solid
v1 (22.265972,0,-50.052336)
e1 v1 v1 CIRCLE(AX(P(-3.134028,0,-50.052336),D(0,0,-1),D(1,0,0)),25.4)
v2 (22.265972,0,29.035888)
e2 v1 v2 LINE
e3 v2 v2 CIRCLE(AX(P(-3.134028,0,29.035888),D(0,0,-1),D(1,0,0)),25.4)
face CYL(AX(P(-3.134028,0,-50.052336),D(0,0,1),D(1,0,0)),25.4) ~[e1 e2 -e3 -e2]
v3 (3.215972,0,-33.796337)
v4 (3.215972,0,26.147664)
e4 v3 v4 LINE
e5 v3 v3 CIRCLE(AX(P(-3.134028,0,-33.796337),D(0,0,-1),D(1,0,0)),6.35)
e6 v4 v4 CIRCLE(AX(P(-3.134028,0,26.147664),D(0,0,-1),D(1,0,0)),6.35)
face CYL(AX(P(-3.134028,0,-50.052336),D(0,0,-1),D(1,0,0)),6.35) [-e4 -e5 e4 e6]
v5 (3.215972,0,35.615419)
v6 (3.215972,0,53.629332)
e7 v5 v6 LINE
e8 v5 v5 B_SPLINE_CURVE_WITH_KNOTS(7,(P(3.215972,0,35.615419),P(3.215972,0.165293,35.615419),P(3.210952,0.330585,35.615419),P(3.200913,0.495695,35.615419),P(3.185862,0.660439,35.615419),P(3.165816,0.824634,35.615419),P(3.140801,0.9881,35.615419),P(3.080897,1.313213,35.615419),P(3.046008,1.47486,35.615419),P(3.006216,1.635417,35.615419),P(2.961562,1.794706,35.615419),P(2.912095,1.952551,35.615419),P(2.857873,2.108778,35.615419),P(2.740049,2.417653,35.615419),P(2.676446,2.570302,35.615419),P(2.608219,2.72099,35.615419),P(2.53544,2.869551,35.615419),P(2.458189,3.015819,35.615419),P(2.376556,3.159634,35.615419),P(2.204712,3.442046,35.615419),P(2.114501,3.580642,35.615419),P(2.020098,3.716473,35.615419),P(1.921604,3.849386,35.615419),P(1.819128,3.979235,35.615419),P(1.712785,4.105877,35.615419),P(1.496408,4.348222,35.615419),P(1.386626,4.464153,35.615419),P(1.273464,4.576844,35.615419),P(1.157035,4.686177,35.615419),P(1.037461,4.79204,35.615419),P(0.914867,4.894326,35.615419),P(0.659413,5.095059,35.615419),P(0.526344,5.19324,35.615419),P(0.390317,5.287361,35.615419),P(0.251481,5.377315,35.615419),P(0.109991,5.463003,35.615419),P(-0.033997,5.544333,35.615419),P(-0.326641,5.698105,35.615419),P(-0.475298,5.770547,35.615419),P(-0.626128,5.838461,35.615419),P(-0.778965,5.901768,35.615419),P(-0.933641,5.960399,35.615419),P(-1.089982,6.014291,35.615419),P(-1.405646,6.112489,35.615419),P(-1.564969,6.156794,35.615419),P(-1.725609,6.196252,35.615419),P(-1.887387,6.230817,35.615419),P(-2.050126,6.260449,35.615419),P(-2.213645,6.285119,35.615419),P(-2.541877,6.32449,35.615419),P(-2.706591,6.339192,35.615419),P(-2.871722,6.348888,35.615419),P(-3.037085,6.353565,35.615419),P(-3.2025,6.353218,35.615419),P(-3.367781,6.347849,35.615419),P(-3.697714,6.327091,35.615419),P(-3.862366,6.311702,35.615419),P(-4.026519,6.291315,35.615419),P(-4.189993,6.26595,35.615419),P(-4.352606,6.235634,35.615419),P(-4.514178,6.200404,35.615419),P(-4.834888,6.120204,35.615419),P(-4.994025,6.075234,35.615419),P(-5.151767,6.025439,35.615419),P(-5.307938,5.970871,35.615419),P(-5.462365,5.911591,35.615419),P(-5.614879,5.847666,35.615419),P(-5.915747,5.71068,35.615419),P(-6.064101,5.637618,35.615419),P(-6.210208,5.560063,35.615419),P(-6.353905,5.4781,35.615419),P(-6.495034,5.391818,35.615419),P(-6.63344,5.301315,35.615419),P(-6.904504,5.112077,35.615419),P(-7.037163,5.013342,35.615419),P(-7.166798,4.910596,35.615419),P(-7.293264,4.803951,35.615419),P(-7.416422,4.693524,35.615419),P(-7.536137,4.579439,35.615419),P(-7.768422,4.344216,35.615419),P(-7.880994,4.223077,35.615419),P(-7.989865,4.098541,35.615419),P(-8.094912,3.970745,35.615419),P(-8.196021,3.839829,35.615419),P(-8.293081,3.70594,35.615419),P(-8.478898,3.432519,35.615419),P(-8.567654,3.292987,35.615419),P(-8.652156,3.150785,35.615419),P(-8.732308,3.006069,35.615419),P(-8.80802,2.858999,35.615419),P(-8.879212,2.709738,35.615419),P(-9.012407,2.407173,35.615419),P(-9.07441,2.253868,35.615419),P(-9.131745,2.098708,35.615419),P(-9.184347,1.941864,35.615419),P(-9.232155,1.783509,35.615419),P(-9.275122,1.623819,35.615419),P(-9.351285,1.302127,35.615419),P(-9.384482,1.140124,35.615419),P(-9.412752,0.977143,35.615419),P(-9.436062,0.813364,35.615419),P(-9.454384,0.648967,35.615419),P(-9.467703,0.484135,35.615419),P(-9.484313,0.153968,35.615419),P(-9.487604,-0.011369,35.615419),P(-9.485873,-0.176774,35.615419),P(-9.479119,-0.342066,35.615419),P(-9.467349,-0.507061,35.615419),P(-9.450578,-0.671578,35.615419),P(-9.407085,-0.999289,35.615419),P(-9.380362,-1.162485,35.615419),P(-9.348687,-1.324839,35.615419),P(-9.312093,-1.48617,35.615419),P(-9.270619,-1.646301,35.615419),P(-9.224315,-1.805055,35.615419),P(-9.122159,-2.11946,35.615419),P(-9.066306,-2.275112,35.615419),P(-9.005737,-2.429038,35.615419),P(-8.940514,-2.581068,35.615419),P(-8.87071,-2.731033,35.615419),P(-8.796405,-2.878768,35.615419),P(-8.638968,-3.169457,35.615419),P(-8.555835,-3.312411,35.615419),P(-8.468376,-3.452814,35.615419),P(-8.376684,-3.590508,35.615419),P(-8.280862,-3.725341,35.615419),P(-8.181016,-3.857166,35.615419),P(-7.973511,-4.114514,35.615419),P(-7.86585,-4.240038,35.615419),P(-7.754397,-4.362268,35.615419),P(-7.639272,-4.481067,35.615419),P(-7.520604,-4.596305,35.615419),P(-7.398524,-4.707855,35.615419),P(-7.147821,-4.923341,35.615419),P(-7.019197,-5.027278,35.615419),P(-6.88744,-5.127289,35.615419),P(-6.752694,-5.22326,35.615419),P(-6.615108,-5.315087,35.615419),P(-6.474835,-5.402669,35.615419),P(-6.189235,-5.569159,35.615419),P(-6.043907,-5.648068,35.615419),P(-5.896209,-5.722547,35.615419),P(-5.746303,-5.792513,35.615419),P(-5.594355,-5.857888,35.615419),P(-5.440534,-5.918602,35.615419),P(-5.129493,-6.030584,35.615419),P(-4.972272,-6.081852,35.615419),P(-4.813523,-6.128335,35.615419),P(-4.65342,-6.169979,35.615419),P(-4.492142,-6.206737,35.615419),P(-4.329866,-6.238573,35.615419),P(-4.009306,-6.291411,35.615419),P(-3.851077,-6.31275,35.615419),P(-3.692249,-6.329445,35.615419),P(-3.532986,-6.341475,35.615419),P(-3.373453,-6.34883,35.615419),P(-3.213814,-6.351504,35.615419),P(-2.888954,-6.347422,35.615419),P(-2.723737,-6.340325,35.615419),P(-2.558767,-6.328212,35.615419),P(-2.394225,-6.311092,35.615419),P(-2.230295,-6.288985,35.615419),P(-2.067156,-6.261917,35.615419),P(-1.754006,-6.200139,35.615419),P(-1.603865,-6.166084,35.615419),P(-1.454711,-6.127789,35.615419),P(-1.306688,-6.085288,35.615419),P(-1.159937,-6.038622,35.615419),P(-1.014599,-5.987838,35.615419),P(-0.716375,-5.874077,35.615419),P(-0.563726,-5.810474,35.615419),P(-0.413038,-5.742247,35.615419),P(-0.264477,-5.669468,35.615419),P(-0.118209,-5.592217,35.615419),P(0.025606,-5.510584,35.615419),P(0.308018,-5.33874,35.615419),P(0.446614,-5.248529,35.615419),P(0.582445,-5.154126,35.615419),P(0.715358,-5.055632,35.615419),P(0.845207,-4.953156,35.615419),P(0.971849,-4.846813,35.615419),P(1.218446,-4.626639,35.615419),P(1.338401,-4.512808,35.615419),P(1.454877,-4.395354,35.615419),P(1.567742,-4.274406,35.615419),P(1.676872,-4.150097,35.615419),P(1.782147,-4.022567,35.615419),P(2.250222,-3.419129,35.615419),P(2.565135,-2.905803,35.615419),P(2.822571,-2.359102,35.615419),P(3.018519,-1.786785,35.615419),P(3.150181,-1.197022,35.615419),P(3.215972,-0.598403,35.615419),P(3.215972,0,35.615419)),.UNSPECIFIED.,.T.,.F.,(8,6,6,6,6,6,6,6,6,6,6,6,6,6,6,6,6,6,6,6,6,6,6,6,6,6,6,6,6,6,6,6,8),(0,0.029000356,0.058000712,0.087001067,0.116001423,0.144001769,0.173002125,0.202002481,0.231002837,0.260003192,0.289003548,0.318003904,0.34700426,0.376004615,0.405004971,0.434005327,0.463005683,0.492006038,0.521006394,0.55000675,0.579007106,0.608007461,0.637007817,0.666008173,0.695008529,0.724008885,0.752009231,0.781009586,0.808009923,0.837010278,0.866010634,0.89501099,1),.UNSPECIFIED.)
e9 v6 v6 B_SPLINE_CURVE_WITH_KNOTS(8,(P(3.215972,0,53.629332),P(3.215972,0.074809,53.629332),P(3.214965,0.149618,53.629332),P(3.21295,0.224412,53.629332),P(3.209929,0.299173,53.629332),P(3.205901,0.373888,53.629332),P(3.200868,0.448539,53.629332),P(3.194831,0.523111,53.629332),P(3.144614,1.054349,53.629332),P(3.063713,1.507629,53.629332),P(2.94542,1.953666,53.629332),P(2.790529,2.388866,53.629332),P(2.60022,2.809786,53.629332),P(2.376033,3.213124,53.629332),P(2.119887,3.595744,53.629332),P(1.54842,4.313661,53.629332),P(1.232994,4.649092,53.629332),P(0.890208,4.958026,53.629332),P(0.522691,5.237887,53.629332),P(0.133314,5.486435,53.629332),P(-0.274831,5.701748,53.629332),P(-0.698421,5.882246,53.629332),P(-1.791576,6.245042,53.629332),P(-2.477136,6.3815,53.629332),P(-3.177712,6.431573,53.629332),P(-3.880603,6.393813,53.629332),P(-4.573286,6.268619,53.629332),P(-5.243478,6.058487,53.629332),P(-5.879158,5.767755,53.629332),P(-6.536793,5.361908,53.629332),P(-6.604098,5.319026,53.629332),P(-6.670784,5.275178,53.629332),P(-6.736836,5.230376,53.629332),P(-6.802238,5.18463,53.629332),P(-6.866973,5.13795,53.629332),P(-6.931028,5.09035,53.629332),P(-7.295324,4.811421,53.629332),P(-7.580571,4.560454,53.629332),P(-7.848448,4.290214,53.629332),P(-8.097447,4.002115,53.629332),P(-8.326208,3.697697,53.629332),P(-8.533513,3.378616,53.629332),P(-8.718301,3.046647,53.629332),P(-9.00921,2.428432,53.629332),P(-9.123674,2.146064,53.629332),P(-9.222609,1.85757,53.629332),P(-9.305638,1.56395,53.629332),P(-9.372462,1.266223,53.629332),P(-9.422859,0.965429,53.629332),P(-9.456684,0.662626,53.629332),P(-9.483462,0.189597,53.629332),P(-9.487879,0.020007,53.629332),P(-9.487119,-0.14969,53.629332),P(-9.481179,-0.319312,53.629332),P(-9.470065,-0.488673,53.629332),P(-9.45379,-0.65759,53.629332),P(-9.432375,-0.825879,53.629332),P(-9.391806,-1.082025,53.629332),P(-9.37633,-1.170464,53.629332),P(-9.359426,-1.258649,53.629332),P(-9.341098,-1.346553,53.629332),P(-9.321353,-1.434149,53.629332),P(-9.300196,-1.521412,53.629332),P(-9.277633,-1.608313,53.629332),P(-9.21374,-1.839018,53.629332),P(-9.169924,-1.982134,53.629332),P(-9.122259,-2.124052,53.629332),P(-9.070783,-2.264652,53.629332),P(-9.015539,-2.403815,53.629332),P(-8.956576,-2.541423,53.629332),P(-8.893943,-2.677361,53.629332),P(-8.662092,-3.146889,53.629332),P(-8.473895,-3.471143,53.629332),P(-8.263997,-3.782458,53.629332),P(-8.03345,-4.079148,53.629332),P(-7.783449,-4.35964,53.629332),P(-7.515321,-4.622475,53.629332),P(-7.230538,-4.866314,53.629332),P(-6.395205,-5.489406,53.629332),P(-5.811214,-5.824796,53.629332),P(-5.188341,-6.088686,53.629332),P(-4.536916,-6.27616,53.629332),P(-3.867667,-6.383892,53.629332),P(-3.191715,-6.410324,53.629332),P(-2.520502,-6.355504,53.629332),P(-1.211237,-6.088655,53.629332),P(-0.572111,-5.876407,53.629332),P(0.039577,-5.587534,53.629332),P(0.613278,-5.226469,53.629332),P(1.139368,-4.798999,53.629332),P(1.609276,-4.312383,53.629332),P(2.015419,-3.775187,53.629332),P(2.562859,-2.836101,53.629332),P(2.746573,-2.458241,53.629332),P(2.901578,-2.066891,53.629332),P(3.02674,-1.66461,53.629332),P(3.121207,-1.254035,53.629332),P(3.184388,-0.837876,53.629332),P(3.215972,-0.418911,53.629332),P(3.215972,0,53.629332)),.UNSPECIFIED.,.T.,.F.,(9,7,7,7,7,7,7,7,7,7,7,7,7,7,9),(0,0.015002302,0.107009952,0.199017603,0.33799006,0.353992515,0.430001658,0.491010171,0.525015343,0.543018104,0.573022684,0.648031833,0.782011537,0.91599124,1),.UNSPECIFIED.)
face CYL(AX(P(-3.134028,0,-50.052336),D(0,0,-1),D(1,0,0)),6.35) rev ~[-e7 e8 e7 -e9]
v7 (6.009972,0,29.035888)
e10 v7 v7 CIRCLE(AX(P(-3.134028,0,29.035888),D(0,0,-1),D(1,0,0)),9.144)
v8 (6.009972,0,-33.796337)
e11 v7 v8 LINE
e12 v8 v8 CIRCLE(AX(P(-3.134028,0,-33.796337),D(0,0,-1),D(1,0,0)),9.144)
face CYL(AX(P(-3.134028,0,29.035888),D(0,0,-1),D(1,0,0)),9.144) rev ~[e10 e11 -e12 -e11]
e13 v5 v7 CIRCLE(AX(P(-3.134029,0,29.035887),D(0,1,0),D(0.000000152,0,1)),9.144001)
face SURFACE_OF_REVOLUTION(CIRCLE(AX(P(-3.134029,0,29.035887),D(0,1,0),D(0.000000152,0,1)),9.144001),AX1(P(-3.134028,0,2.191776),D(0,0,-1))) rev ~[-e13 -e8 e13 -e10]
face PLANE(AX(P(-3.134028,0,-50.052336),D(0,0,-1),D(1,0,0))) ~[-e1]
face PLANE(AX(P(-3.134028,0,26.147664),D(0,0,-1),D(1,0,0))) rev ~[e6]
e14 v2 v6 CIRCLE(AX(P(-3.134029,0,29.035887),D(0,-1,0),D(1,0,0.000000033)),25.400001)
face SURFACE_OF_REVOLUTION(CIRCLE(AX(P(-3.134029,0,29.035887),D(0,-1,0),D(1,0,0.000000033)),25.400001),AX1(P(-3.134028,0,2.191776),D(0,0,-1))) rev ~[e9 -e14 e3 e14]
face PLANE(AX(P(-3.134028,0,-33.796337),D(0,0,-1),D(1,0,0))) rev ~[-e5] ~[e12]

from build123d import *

# Parameters (mm, degrees)
F2_R     = 6.35
F3_DEPTH = 104.489224
F4_DEPTH = 76.2


with BuildPart() as f1:
    # F0 (on Front) → F1 (revolve)
    with BuildSketch(Plane.XZ):
        with BuildLine():
            Line((-3.134028, -33.796337), (-3.134028, -50.052336))
            Line((-3.134028, -50.052336), (22.265972, -50.052336))
            Line((22.265972, -50.052336), (22.265972, 29.035888))
            ThreePointArc((22.265972, 29.035888), (14.826484, 46.9964), (-3.134028, 54.435888))
            Line((-3.134028, 54.435888), (-3.134028, 38.179888))
            ThreePointArc((-3.134028, 38.179888), (3.331756, 35.501672), (6.009972, 29.035888))
            Line((6.009972, 29.035888), (6.009972, -33.796337))
            Line((6.009972, -33.796337), (-3.134028, -33.796337))
        make_face()
    revolve(axis=Axis((-3.134028, 0, 2.191776), (0, 0, -1)))

    # F2 (on face) → F3 (cut, through all)
    with BuildSketch(Plane(origin=(0, 0, -50.052336), x_dir=(1, 0, 0), z_dir=(0, 0, -1))):
        with Locations((-3.134028, 0)):
            Circle(F2_R)
    extrude(amount=-F3_DEPTH, mode=Mode.SUBTRACT)

    # F2 (on face) → F4 (join)
    with BuildSketch(Plane(origin=(0, 0, -50.052336), x_dir=(1, 0, 0), z_dir=(0, 0, -1))):
        with Locations((-3.134028, 0)):
            Circle(F2_R)
    extrude(amount=-F4_DEPTH)


solid = f1.part
